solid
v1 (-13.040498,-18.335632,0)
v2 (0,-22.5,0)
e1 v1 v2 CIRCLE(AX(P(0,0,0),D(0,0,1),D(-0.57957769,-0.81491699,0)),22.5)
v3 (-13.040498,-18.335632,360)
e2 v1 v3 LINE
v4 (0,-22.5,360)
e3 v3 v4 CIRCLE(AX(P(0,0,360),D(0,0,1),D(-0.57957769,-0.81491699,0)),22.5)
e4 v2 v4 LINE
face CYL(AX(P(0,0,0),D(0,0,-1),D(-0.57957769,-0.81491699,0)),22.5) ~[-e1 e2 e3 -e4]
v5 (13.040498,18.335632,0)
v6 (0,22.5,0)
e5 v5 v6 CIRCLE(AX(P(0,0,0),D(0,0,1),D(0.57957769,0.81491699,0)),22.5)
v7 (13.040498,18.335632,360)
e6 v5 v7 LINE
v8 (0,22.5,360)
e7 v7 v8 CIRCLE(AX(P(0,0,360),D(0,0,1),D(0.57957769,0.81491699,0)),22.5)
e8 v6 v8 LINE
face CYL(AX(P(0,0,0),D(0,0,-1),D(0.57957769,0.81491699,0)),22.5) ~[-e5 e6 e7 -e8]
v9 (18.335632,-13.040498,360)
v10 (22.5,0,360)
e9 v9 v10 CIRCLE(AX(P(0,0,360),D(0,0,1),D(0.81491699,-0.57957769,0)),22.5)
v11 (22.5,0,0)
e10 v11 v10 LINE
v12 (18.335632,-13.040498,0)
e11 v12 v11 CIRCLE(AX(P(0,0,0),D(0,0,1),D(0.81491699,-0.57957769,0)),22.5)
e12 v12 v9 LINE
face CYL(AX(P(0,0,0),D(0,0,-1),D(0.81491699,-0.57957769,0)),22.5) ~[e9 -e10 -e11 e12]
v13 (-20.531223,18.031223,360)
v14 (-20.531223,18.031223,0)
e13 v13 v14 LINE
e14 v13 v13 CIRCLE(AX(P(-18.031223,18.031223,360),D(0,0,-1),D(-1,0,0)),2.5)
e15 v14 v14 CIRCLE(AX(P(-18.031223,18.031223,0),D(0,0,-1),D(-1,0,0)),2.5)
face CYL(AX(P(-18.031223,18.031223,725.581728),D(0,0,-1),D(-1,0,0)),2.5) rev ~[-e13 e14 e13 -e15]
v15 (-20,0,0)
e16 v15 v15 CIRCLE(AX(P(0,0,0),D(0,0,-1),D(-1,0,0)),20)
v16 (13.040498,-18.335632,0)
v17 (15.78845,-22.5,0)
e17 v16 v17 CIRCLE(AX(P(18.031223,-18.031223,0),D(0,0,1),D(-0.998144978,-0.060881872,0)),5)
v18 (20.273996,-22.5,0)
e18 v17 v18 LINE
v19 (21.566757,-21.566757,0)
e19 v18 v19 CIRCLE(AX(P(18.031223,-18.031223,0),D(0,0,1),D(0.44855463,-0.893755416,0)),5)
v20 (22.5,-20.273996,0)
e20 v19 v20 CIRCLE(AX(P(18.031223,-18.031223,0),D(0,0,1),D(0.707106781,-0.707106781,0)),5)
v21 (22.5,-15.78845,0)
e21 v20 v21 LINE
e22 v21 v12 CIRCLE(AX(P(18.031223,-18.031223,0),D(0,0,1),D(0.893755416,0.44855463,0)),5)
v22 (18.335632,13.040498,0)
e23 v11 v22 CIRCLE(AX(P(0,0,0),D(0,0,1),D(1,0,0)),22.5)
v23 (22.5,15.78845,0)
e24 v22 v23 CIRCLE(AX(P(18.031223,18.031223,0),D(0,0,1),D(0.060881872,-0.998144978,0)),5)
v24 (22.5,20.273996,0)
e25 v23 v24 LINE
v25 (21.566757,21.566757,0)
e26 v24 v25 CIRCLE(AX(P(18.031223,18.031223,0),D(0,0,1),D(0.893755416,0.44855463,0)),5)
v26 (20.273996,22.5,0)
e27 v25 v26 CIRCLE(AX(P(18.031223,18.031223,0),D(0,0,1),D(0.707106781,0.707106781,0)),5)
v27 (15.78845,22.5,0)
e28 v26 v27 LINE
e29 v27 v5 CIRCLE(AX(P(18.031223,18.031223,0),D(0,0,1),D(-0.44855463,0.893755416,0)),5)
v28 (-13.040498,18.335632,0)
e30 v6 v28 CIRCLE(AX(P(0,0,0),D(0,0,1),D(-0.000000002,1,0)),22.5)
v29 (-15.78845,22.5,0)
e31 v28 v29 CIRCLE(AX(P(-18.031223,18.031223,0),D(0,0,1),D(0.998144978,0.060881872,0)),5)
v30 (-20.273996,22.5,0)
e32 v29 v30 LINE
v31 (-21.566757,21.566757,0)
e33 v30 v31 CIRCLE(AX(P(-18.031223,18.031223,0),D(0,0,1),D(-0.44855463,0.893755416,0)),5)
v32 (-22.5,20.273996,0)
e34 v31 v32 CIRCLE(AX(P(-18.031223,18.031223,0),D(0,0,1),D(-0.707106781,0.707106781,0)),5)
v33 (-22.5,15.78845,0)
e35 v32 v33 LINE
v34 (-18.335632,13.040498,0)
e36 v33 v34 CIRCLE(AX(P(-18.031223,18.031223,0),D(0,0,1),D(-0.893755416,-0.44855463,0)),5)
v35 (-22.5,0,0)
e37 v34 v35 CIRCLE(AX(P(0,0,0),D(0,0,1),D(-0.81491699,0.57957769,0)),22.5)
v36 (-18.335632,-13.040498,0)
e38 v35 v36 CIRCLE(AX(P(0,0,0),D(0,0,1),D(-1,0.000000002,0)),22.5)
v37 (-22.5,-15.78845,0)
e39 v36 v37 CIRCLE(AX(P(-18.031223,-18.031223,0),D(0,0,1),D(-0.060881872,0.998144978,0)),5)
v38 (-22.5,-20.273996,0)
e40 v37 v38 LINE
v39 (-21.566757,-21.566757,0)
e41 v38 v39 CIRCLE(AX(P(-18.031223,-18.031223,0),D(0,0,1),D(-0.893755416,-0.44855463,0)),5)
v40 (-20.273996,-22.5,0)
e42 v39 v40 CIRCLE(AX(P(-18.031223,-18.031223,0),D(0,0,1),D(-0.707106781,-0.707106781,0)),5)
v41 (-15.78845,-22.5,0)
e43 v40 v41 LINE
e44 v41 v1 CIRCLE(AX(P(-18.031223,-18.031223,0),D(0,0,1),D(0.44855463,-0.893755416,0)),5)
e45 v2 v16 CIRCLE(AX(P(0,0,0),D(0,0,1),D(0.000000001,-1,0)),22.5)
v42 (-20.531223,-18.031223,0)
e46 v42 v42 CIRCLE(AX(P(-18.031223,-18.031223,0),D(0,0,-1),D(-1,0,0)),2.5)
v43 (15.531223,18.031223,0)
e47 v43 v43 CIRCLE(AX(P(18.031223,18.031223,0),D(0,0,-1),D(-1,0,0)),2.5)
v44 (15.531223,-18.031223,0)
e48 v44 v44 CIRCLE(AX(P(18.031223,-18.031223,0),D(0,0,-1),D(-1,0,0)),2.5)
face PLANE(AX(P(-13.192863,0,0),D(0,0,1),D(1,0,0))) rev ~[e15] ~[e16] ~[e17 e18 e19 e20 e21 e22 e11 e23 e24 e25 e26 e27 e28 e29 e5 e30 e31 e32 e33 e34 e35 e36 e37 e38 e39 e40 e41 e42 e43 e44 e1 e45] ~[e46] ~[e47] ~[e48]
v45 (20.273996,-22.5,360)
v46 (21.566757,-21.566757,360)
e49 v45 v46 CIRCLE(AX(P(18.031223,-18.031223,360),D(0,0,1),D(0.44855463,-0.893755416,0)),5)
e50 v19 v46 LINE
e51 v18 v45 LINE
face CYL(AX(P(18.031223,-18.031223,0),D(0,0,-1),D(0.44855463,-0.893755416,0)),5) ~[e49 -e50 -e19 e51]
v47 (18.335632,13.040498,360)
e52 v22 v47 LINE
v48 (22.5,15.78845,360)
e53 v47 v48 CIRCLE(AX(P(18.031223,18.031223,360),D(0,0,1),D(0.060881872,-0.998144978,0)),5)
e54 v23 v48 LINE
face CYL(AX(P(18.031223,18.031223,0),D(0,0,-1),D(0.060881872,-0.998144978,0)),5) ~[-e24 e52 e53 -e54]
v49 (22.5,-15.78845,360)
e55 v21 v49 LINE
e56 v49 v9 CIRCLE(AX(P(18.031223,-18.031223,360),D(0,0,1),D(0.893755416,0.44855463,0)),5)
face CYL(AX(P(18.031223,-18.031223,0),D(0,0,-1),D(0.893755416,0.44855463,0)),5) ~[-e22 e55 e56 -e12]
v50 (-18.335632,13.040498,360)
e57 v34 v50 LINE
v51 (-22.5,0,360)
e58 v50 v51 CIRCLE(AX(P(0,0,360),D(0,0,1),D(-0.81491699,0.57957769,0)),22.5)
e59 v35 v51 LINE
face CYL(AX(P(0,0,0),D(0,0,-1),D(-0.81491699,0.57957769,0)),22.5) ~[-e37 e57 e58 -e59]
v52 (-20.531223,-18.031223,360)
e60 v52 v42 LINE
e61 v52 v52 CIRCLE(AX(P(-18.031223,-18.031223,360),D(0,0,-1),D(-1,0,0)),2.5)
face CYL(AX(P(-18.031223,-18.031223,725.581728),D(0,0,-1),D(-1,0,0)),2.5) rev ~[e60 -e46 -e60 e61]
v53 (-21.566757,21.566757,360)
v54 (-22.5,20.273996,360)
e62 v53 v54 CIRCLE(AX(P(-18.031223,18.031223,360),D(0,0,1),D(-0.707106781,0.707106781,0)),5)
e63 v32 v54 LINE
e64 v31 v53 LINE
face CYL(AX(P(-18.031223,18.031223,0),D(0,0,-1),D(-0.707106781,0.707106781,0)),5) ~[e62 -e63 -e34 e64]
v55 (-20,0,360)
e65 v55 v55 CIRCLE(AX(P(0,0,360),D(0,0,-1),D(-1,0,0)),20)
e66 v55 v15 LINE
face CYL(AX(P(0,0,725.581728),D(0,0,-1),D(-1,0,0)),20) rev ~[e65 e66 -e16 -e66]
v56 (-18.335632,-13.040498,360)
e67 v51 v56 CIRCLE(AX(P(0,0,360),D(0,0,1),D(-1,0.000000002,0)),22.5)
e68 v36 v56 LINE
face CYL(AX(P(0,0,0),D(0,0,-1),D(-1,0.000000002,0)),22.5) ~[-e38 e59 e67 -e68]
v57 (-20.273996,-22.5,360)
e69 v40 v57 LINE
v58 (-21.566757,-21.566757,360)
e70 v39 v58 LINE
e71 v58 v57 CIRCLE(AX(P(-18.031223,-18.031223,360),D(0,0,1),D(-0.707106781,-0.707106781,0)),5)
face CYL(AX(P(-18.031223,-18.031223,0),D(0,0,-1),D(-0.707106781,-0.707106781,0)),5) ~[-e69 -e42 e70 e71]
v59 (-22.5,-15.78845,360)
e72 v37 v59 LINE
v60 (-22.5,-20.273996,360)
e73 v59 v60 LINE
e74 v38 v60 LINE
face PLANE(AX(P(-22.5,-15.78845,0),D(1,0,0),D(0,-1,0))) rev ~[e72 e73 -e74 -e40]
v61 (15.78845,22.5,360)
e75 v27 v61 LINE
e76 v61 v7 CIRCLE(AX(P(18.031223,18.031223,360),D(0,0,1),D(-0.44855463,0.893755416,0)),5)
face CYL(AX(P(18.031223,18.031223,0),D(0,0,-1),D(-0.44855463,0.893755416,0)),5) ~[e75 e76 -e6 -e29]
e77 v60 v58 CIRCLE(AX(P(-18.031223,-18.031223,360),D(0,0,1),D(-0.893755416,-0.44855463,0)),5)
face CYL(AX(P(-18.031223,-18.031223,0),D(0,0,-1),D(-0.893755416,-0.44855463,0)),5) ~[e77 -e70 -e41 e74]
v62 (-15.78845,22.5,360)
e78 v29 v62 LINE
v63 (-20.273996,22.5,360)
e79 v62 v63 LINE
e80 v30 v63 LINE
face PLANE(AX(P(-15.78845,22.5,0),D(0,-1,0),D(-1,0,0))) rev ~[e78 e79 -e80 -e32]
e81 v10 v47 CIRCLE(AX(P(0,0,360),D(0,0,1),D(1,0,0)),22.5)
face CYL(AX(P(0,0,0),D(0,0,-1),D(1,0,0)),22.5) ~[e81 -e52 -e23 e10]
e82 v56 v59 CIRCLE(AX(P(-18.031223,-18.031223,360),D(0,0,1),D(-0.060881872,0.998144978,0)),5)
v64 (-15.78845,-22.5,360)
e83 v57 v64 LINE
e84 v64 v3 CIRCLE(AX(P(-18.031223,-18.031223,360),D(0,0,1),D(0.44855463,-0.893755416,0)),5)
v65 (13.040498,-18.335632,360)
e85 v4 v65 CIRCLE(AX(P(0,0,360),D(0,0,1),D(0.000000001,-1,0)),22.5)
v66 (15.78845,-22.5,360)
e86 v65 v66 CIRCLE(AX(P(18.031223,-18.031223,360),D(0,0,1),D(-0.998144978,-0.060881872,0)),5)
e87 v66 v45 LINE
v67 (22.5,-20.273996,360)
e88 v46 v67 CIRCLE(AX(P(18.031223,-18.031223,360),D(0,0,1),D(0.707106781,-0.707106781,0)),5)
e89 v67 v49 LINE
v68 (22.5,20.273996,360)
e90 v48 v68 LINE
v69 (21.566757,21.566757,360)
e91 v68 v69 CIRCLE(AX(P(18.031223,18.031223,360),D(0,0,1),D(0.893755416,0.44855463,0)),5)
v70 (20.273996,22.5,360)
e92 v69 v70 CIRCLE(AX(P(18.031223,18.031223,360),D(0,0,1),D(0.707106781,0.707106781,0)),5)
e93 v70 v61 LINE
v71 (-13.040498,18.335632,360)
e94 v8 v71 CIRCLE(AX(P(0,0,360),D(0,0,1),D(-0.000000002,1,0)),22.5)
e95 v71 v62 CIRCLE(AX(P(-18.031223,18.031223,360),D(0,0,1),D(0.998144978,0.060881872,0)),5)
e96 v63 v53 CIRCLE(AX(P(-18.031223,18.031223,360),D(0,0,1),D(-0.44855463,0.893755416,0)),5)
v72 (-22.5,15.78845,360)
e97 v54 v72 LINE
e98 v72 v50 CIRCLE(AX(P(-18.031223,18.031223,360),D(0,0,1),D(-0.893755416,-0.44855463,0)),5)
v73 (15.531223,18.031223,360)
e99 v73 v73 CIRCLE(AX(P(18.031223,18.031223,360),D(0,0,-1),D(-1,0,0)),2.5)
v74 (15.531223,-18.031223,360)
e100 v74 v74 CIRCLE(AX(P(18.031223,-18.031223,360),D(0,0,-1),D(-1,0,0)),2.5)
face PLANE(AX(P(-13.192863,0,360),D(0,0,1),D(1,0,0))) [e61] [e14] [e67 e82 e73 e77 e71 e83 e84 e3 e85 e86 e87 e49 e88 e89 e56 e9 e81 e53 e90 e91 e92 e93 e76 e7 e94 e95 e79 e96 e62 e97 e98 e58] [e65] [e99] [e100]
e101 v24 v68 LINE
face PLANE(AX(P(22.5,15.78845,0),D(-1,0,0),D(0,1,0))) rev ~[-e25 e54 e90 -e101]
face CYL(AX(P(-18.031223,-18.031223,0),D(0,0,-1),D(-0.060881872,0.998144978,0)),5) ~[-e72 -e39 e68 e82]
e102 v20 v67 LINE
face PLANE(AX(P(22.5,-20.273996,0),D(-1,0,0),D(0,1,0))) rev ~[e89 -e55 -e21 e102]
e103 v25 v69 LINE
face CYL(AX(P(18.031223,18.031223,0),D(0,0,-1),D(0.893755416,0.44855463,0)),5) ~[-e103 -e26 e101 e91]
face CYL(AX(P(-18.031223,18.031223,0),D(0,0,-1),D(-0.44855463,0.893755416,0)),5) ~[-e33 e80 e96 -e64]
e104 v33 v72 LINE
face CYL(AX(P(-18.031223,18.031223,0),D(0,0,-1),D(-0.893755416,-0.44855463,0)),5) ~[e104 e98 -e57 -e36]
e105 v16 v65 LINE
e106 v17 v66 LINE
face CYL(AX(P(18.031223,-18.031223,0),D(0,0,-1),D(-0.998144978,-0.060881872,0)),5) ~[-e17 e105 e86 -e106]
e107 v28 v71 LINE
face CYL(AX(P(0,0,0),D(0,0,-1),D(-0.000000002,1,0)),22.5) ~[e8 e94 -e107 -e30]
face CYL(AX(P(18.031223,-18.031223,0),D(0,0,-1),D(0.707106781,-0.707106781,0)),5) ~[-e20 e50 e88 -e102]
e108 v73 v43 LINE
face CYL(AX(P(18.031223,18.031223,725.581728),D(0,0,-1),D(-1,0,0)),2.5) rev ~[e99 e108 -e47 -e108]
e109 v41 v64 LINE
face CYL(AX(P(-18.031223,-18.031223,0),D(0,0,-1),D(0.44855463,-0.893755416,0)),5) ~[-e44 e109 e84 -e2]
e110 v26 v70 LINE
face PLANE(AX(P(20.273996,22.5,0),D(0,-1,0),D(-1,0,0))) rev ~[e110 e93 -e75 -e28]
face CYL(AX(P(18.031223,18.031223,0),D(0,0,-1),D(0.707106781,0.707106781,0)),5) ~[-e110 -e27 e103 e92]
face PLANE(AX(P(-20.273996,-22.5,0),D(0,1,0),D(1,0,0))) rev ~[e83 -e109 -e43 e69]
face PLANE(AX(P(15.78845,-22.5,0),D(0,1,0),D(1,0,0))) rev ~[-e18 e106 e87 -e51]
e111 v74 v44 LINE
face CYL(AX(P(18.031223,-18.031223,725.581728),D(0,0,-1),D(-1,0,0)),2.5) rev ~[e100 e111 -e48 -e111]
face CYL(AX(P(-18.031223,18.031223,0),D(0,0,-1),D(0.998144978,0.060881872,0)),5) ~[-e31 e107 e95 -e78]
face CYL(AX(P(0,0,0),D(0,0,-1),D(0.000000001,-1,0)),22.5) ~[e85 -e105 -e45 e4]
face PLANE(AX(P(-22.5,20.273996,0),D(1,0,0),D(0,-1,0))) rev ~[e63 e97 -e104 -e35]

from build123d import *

# Parameters (mm, degrees)
F1_DEPTH = 360
F3_D     = 40
F5_D     = 5


with BuildPart() as f1:
    # F0 (on Top) → F1 (new body)
    with BuildSketch(Plane.XY):
        with BuildLine():
            Line((-14.4956890143, -14.4956890143), (0, 0))
            Line((0, 0), (-14.4956890143, 14.4956890143))
            ThreePointArc((-14.4956890143, 14.4956890143), (-16.2593773691, 13.3556947851), (-18.3356322814, 13.0404980289))
            ThreePointArc((-18.3356322814, 13.0404980289), (-21.4336385815, 6.8446429532), (-22.5, 4.93e-08))
            ThreePointArc((-22.5, 4.93e-08), (-21.4336385965, -6.8446429062), (-18.3356322814, -13.0404980289))
            ThreePointArc((-18.3356322814, -13.0404980289), (-16.2593773691, -13.3556947851), (-14.4956890143, -14.4956890143))
        make_face()
        with BuildLine():
            Line((-14.4956890143, 14.4956890143), (0, 0))
            Line((0, 0), (14.4956890143, 14.4956890143))
            ThreePointArc((14.4956890143, 14.4956890143), (13.3556947851, 16.2593773691), (13.0404980289, 18.3356322814))
            ThreePointArc((13.0404980289, 18.3356322814), (6.8446429123, 21.4336385946), (-3.64e-08, 22.5))
            ThreePointArc((-3.64e-08, 22.5), (-6.844642947, 21.4336385835), (-13.0404980289, 18.3356322814))
            ThreePointArc((-13.0404980289, 18.3356322814), (-13.0335422353, 18.1834982357), (-13.0312229203, 18.0312229203))
            ThreePointArc((-13.0312229203, 18.0312229203), (-13.4118252577, 16.1178057584), (-14.4956890143, 14.4956890143))
        make_face()
        with BuildLine():
            Line((0, 0), (22.5, 0))
            ThreePointArc((22.5, 0), (21.433638589, 6.8446429297), (18.3356322814, 13.0404980289))
            ThreePointArc((18.3356322814, 13.0404980289), (16.2593773691, 13.3556947851), (14.4956890143, 14.4956890143))
            Line((14.4956890143, 14.4956890143), (0, 0))
        make_face()
        with BuildLine():
            ThreePointArc((18.3356322814, -13.0404980289), (21.433638589, -6.8446429297), (22.5, 0))
            Line((22.5, 0), (0, 0))
            Line((0, 0), (14.4956890143, -14.4956890143))
            ThreePointArc((14.4956890143, -14.4956890143), (16.2593773691, -13.3556947851), (18.3356322814, -13.0404980289))
        make_face()
        with BuildLine():
            Line((14.4956890143, -14.4956890143), (0, 0))
            Line((0, 0), (-14.4956890143, -14.4956890143))
            ThreePointArc((-14.4956890143, -14.4956890143), (-13.4118252577, -16.1178057584), (-13.0312229203, -18.0312229203))
            ThreePointArc((-13.0312229203, -18.0312229203), (-13.0335422353, -18.1834982357), (-13.0404980289, -18.3356322814))
            ThreePointArc((-13.0404980289, -18.3356322814), (-6.8446429175, -21.4336385929), (2.56e-08, -22.5))
            ThreePointArc((2.56e-08, -22.5), (6.8446429419, -21.4336385851), (13.0404980289, -18.3356322814))
            ThreePointArc((13.0404980289, -18.3356322814), (13.3556947851, -16.2593773691), (14.4956890143, -14.4956890143))
        make_face()
        with BuildLine():
            ThreePointArc((-18.3356322814, 13.0404980289), (-16.2593773691, 13.3556947851), (-14.4956890143, 14.4956890143))
            Line((-14.4956890143, 14.4956890143), (-15.9099025767, 15.9099025767))
            ThreePointArc((-15.9099025767, 15.9099025767), (-17.18276855, 14.5259238934), (-18.3356322814, 13.0404980289))
        make_face()
        with BuildLine():
            Line((-15.9099025767, 15.9099025767), (-14.4956890143, 14.4956890143))
            ThreePointArc((-14.4956890143, 14.4956890143), (-13.4118252577, 16.1178057584), (-13.0312229203, 18.0312229203))
            ThreePointArc((-13.0312229203, 18.0312229203), (-13.0335422353, 18.1834982357), (-13.0404980289, 18.3356322814))
            ThreePointArc((-13.0404980289, 18.3356322814), (-14.5259238934, 17.18276855), (-15.9099025767, 15.9099025767))
        make_face()
        with BuildLine():
            Line((-18.0312229203, 18.0312229203), (-15.9099025767, 15.9099025767))
            ThreePointArc((-15.9099025767, 15.9099025767), (-14.5259238934, 17.18276855), (-13.0404980289, 18.3356322814))
            ThreePointArc((-13.0404980289, 18.3356322814), (-13.8579312806, 20.7850633096), (-15.7884497682, 22.5))
            Line((-15.7884497682, 22.5), (-20.2739960723, 22.5))
            ThreePointArc((-20.2739960723, 22.5), (-20.9578154473, 22.0852402094), (-21.5667568262, 21.5667568262))
            Line((-21.5667568262, 21.5667568262), (-18.0312229203, 18.0312229203))
        make_face()
        with BuildLine():
            ThreePointArc((-18.3356322814, 13.0404980289), (-17.18276855, 14.5259238934), (-15.9099025767, 15.9099025767))
            Line((-15.9099025767, 15.9099025767), (-18.0312229203, 18.0312229203))
            Line((-18.0312229203, 18.0312229203), (-21.5667568262, 21.5667568262))
            ThreePointArc((-21.5667568262, 21.5667568262), (-22.0852402094, 20.9578154473), (-22.5, 20.2739960723))
            Line((-22.5, 20.2739960723), (-22.5, 15.7884497682))
            ThreePointArc((-22.5, 15.7884497682), (-20.7850633096, 13.8579312806), (-18.3356322814, 13.0404980289))
        make_face()
        with BuildLine():
            ThreePointArc((13.0404980289, 18.3356322814), (14.5259238934, 17.18276855), (15.9099025767, 15.9099025767))
            Line((15.9099025767, 15.9099025767), (21.5667568262, 21.5667568262))
            ThreePointArc((21.5667568262, 21.5667568262), (20.9578154473, 22.0852402094), (20.2739960723, 22.5))
            Line((20.2739960723, 22.5), (15.7884497682, 22.5))
            ThreePointArc((15.7884497682, 22.5), (13.8579312806, 20.7850633096), (13.0404980289, 18.3356322814))
        make_face()
        with BuildLine():
            ThreePointArc((15.9099025767, 15.9099025767), (17.18276855, 14.5259238934), (18.3356322814, 13.0404980289))
            ThreePointArc((18.3356322814, 13.0404980289), (20.7850633096, 13.8579312806), (22.5, 15.7884497682))
            Line((22.5, 15.7884497682), (22.5, 20.2739960723))
            ThreePointArc((22.5, 20.2739960723), (22.0852402094, 20.9578154473), (21.5667568262, 21.5667568262))
            Line((21.5667568262, 21.5667568262), (15.9099025767, 15.9099025767))
        make_face()
        with BuildLine():
            ThreePointArc((14.4956890143, 14.4956890143), (16.2593773691, 13.3556947851), (18.3356322814, 13.0404980289))
            ThreePointArc((18.3356322814, 13.0404980289), (17.18276855, 14.5259238934), (15.9099025767, 15.9099025767))
            Line((15.9099025767, 15.9099025767), (14.4956890143, 14.4956890143))
        make_face()
        with BuildLine():
            Line((14.4956890143, 14.4956890143), (15.9099025767, 15.9099025767))
            ThreePointArc((15.9099025767, 15.9099025767), (14.5259238934, 17.18276855), (13.0404980289, 18.3356322814))
            ThreePointArc((13.0404980289, 18.3356322814), (13.3556947851, 16.2593773691), (14.4956890143, 14.4956890143))
        make_face()
        with BuildLine():
            Line((21.5667568262, -21.5667568262), (15.9099025767, -15.9099025767))
            ThreePointArc((15.9099025767, -15.9099025767), (14.5259238934, -17.18276855), (13.0404980289, -18.3356322814))
            ThreePointArc((13.0404980289, -18.3356322814), (13.8579312806, -20.7850633096), (15.7884497682, -22.5))
            Line((15.7884497682, -22.5), (20.2739960723, -22.5))
            ThreePointArc((20.2739960723, -22.5), (20.9578154473, -22.0852402094), (21.5667568262, -21.5667568262))
        make_face()
        with BuildLine():
            ThreePointArc((22.5, -15.7884497682), (20.7850633096, -13.8579312806), (18.3356322814, -13.0404980289))
            ThreePointArc((18.3356322814, -13.0404980289), (17.18276855, -14.5259238934), (15.9099025767, -15.9099025767))
            Line((15.9099025767, -15.9099025767), (21.5667568262, -21.5667568262))
            ThreePointArc((21.5667568262, -21.5667568262), (22.0852402094, -20.9578154473), (22.5, -20.2739960723))
            Line((22.5, -20.2739960723), (22.5, -15.7884497682))
        make_face()
        with BuildLine():
            ThreePointArc((15.9099025767, -15.9099025767), (17.18276855, -14.5259238934), (18.3356322814, -13.0404980289))
            ThreePointArc((18.3356322814, -13.0404980289), (16.2593773691, -13.3556947851), (14.4956890143, -14.4956890143))
            Line((14.4956890143, -14.4956890143), (15.9099025767, -15.9099025767))
        make_face()
        with BuildLine():
            ThreePointArc((13.0404980289, -18.3356322814), (14.5259238934, -17.18276855), (15.9099025767, -15.9099025767))
            Line((15.9099025767, -15.9099025767), (14.4956890143, -14.4956890143))
            ThreePointArc((14.4956890143, -14.4956890143), (13.3556947851, -16.2593773691), (13.0404980289, -18.3356322814))
        make_face()
        with BuildLine():
            Line((-21.5667568262, -21.5667568262), (-15.9099025767, -15.9099025767))
            ThreePointArc((-15.9099025767, -15.9099025767), (-17.18276855, -14.5259238934), (-18.3356322814, -13.0404980289))
            ThreePointArc((-18.3356322814, -13.0404980289), (-20.7850633096, -13.8579312806), (-22.5, -15.7884497682))
            Line((-22.5, -15.7884497682), (-22.5, -20.2739960723))
            ThreePointArc((-22.5, -20.2739960723), (-22.0852402094, -20.9578154473), (-21.5667568262, -21.5667568262))
        make_face()
        with BuildLine():
            ThreePointArc((-13.0404980289, -18.3356322814), (-14.5259238934, -17.18276855), (-15.9099025767, -15.9099025767))
            Line((-15.9099025767, -15.9099025767), (-21.5667568262, -21.5667568262))
            ThreePointArc((-21.5667568262, -21.5667568262), (-20.9578154473, -22.0852402094), (-20.2739960723, -22.5))
            Line((-20.2739960723, -22.5), (-15.7884497682, -22.5))
            ThreePointArc((-15.7884497682, -22.5), (-13.8579312806, -20.7850633096), (-13.0404980289, -18.3356322814))
        make_face()
        with BuildLine():
            ThreePointArc((-13.0312229203, -18.0312229203), (-13.4118252577, -16.1178057584), (-14.4956890143, -14.4956890143))
            Line((-14.4956890143, -14.4956890143), (-15.9099025767, -15.9099025767))
            ThreePointArc((-15.9099025767, -15.9099025767), (-14.5259238934, -17.18276855), (-13.0404980289, -18.3356322814))
            ThreePointArc((-13.0404980289, -18.3356322814), (-13.0335422353, -18.1834982357), (-13.0312229203, -18.0312229203))
        make_face()
        with BuildLine():
            Line((-15.9099025767, -15.9099025767), (-14.4956890143, -14.4956890143))
            ThreePointArc((-14.4956890143, -14.4956890143), (-16.2593773691, -13.3556947851), (-18.3356322814, -13.0404980289))
            ThreePointArc((-18.3356322814, -13.0404980289), (-17.18276855, -14.5259238934), (-15.9099025767, -15.9099025767))
        make_face()
    extrude(amount=F1_DEPTH)

    # F3 (through all)
    with Locations(Plane.XY.offset(360)):
        with Locations((0, 0)):
            Hole(F3_D / 2)

    # F5 (through all)
    with Locations(Plane.XY.offset(360)):
        with Locations((-18.0312229203, 18.0312229203), (18.0312229203, 18.0312229203), (18.0312229203, -18.0312229203), (-18.0312229203, -18.0312229203)):
            Hole(F5_D / 2)


solid = f1.part
